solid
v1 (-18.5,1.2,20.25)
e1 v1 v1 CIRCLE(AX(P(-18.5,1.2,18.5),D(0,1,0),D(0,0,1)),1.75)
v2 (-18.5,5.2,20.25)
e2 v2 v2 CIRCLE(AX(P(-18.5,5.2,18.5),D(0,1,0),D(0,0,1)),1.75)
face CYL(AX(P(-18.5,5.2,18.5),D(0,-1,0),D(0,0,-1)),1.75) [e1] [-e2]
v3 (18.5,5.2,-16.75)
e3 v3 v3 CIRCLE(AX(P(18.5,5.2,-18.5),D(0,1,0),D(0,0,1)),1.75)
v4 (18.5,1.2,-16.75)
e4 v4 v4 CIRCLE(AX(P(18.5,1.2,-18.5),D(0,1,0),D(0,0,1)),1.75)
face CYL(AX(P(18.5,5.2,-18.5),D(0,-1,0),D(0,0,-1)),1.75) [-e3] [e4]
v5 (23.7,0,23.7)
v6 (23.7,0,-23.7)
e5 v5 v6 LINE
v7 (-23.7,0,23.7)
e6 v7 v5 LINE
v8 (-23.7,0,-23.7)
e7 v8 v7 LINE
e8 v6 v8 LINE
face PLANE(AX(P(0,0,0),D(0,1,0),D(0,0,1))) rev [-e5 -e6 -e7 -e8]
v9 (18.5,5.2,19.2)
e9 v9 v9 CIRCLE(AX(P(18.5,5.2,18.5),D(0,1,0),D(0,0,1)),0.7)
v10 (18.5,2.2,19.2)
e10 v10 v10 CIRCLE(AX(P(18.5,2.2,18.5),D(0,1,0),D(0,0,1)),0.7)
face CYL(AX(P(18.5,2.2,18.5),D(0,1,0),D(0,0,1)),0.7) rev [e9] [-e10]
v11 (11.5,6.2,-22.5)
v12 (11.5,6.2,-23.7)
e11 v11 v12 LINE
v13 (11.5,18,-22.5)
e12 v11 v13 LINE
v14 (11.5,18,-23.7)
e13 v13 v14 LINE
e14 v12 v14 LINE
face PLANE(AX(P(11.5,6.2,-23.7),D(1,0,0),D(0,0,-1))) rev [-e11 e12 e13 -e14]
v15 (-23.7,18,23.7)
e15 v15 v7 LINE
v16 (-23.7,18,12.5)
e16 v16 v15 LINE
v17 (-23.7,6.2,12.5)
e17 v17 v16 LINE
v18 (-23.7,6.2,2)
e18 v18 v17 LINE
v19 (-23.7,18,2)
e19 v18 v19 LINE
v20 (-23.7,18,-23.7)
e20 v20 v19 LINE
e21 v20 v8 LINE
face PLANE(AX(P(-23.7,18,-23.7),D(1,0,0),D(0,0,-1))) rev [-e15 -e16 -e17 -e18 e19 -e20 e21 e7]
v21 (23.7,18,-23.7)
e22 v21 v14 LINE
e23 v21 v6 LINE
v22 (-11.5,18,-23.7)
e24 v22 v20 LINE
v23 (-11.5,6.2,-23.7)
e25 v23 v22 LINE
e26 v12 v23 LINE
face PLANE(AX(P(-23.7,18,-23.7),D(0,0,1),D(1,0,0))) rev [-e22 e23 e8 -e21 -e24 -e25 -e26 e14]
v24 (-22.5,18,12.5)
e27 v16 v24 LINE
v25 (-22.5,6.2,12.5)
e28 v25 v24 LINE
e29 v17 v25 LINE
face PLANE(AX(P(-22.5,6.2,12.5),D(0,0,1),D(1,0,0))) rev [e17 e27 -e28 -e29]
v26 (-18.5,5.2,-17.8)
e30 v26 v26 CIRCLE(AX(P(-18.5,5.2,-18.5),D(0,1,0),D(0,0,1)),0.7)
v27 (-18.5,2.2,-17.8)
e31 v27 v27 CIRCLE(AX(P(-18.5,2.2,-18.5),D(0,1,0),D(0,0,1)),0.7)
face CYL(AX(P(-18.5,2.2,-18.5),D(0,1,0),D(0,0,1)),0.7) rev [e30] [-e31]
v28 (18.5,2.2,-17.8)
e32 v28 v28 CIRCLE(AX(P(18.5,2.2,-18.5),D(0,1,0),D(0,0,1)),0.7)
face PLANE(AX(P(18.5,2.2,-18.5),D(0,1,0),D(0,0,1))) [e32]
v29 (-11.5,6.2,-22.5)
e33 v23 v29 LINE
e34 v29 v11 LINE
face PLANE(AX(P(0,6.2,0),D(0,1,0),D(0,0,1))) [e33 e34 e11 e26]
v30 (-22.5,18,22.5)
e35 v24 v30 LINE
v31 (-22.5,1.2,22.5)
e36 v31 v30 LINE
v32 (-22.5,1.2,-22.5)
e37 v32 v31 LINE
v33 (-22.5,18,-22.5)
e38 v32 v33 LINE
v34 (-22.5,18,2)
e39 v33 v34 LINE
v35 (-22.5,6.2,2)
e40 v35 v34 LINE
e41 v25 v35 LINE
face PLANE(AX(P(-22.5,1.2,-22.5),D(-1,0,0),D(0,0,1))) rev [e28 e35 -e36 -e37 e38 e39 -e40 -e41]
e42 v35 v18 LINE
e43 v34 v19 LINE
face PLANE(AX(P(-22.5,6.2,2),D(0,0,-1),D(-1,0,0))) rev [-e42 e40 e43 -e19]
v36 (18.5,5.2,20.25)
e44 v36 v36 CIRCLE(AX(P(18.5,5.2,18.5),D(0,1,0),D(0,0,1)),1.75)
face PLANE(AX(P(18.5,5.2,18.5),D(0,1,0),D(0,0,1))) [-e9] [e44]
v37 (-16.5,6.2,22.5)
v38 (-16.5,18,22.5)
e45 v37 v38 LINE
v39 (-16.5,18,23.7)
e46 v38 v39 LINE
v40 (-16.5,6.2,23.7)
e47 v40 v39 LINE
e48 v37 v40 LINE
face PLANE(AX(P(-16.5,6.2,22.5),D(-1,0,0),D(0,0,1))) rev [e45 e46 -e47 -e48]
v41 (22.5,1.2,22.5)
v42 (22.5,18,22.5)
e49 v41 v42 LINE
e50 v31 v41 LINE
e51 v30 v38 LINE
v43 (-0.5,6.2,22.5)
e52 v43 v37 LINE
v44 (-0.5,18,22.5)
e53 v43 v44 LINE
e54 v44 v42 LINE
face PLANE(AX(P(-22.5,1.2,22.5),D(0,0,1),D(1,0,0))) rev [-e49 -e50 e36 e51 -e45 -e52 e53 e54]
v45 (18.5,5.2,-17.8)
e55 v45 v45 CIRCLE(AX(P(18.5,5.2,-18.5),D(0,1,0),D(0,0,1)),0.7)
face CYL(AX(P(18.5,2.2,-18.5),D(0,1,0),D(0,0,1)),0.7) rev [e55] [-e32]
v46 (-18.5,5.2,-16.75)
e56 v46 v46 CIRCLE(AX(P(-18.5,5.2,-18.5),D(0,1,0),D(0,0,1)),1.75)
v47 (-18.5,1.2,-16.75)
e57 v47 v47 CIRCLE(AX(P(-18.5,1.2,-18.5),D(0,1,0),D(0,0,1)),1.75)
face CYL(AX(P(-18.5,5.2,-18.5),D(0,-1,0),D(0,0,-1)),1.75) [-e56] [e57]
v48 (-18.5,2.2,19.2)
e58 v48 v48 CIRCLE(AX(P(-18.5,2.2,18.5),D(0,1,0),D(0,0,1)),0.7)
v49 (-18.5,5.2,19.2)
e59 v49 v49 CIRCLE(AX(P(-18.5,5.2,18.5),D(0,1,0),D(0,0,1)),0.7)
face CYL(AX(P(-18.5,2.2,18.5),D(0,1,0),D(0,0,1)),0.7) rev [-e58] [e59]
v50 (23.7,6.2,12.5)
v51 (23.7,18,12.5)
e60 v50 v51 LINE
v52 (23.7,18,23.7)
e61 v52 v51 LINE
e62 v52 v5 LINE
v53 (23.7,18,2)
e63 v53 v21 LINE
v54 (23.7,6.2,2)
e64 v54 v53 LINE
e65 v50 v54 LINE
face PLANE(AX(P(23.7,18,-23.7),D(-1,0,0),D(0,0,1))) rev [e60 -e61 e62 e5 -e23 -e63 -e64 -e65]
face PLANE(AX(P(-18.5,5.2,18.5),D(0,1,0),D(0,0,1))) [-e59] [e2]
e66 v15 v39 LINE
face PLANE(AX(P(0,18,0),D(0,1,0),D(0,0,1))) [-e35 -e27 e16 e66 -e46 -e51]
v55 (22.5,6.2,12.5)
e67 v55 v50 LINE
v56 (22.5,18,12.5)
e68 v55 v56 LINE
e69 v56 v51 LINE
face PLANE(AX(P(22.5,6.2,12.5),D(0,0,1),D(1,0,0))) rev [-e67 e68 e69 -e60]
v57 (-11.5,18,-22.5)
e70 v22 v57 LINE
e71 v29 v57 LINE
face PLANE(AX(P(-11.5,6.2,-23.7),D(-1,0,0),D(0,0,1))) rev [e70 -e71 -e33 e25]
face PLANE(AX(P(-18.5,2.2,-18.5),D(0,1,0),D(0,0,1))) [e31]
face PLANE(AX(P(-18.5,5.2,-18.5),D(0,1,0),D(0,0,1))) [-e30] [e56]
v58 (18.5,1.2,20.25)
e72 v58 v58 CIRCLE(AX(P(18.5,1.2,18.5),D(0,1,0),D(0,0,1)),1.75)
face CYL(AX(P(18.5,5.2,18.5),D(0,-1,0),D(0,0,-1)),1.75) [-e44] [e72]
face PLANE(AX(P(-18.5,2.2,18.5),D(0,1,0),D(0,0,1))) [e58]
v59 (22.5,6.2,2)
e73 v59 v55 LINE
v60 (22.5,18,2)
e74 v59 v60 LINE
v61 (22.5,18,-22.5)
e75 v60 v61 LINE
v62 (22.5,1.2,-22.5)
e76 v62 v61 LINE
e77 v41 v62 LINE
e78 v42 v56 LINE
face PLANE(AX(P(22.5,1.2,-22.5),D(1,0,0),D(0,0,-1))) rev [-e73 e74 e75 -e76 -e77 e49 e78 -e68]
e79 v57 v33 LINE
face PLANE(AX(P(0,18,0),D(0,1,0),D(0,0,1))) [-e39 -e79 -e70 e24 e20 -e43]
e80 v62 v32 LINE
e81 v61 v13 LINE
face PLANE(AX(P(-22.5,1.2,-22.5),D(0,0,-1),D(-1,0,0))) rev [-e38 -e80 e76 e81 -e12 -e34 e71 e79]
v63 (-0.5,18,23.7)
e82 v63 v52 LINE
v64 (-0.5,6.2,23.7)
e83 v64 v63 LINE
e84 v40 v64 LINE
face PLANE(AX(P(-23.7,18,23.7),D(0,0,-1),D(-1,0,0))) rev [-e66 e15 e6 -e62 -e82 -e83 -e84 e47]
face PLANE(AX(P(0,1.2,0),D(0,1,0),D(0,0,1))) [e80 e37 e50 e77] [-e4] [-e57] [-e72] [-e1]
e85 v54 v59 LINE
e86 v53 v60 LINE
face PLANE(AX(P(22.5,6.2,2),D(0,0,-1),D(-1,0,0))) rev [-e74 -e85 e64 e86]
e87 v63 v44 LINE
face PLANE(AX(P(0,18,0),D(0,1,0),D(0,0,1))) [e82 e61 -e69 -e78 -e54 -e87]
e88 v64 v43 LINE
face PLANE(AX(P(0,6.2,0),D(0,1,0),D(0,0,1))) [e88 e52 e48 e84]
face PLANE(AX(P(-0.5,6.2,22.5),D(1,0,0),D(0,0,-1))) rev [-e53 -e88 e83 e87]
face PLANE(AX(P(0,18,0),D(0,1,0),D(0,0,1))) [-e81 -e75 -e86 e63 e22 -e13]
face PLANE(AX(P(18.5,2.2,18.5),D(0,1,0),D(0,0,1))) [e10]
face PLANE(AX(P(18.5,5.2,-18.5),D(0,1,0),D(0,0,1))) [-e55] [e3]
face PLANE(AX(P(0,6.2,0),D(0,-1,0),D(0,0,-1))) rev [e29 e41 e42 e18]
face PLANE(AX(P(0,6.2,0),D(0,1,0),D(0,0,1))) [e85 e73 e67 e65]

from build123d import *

# Parameters (mm, degrees)
SKETCH1_W           = 47.4
SKETCH1_H           = 47.4
BOSS_EXTRUDE1_DEPTH = 18
SKETCH2_W           = 45
SKETCH2_H           = 45
CUT_EXTRUDE1_DEPTH  = 16.8
SKETCH3_R           = 1.75
BOSS_EXTRUDE2_DEPTH = 4
SKETCH4_R           = 0.7
CUT_EXTRUDE2_DEPTH  = 3
SKETCH5_W           = 16
SKETCH5_H           = 1.2
SKETCH5_W_2         = 1.2
SKETCH5_H_2         = 10.5
SKETCH5_W_3         = 23
CUT_EXTRUDE3_DEPTH  = 11.8


with BuildPart() as part:
    # Sketch1 → Boss-Extrude1 (new body)
    with BuildSketch(Plane(origin=(0, 0, 0), x_dir=(1, 0, 0), z_dir=(0, 1, 0))):
        Rectangle(SKETCH1_W, SKETCH1_H)
    extrude(amount=BOSS_EXTRUDE1_DEPTH)

    # Sketch2 → Cut-Extrude1 (cut)
    with BuildSketch(Plane(origin=(0, 18, 0), x_dir=(1, 0, 0), z_dir=(0, 1, 0))):
        Rectangle(SKETCH2_W, SKETCH2_H)
    extrude(amount=-CUT_EXTRUDE1_DEPTH, mode=Mode.SUBTRACT)

    # Sketch3 → Boss-Extrude2 (add)
    with BuildSketch(Plane(origin=(0, 1.2, 0), x_dir=(1, 0, 0), z_dir=(0, 1, 0))):
        with Locations(Location((-18.5, 18.5, 0), (0, 0, 270))):
            Circle(SKETCH3_R)
        with Locations(Location((18.5, 18.5, 0), (0, 0, 270))):
            Circle(SKETCH3_R)
        with Locations(Location((18.5, -18.5, 0), (0, 0, 270))):
            Circle(SKETCH3_R)
        with Locations(Location((-18.5, -18.5, 0), (0, 0, 270))):
            Circle(SKETCH3_R)
    extrude(amount=BOSS_EXTRUDE2_DEPTH)

    # Sketch4 → Cut-Extrude2 (cut)
    with BuildSketch(Plane(origin=(0, 5.2, 0), x_dir=(1, 0, 0), z_dir=(0, 1, 0))):
        with Locations(Location((-18.5, -18.5, 0), (0, 0, 270))):
            Circle(SKETCH4_R)
        with Locations(Location((-18.5, 18.5, 0), (0, 0, 270))):
            Circle(SKETCH4_R)
        with Locations(Location((18.5, 18.5, 0), (0, 0, 270))):
            Circle(SKETCH4_R)
        with Locations(Location((18.5, -18.5, 0), (0, 0, 270))):
            Circle(SKETCH4_R)
    extrude(amount=-CUT_EXTRUDE2_DEPTH, mode=Mode.SUBTRACT)

    # Sketch5 → Cut-Extrude3 (cut)
    with BuildSketch(Plane(origin=(0, 18, 0), x_dir=(1, 0, 0), z_dir=(0, 1, 0))):
        with Locations((-8.5, -23.1)):
            Rectangle(SKETCH5_W, SKETCH5_H)
        with Locations((23.1, -7.25)):
            Rectangle(SKETCH5_W_2, SKETCH5_H_2)
        with Locations((-23.1, -7.25)):
            Rectangle(SKETCH5_W_2, SKETCH5_H_2)
        with Locations((0, 23.1)):
            Rectangle(SKETCH5_W_3, SKETCH5_H)
    extrude(amount=-CUT_EXTRUDE3_DEPTH, mode=Mode.SUBTRACT)


solid = part.part
